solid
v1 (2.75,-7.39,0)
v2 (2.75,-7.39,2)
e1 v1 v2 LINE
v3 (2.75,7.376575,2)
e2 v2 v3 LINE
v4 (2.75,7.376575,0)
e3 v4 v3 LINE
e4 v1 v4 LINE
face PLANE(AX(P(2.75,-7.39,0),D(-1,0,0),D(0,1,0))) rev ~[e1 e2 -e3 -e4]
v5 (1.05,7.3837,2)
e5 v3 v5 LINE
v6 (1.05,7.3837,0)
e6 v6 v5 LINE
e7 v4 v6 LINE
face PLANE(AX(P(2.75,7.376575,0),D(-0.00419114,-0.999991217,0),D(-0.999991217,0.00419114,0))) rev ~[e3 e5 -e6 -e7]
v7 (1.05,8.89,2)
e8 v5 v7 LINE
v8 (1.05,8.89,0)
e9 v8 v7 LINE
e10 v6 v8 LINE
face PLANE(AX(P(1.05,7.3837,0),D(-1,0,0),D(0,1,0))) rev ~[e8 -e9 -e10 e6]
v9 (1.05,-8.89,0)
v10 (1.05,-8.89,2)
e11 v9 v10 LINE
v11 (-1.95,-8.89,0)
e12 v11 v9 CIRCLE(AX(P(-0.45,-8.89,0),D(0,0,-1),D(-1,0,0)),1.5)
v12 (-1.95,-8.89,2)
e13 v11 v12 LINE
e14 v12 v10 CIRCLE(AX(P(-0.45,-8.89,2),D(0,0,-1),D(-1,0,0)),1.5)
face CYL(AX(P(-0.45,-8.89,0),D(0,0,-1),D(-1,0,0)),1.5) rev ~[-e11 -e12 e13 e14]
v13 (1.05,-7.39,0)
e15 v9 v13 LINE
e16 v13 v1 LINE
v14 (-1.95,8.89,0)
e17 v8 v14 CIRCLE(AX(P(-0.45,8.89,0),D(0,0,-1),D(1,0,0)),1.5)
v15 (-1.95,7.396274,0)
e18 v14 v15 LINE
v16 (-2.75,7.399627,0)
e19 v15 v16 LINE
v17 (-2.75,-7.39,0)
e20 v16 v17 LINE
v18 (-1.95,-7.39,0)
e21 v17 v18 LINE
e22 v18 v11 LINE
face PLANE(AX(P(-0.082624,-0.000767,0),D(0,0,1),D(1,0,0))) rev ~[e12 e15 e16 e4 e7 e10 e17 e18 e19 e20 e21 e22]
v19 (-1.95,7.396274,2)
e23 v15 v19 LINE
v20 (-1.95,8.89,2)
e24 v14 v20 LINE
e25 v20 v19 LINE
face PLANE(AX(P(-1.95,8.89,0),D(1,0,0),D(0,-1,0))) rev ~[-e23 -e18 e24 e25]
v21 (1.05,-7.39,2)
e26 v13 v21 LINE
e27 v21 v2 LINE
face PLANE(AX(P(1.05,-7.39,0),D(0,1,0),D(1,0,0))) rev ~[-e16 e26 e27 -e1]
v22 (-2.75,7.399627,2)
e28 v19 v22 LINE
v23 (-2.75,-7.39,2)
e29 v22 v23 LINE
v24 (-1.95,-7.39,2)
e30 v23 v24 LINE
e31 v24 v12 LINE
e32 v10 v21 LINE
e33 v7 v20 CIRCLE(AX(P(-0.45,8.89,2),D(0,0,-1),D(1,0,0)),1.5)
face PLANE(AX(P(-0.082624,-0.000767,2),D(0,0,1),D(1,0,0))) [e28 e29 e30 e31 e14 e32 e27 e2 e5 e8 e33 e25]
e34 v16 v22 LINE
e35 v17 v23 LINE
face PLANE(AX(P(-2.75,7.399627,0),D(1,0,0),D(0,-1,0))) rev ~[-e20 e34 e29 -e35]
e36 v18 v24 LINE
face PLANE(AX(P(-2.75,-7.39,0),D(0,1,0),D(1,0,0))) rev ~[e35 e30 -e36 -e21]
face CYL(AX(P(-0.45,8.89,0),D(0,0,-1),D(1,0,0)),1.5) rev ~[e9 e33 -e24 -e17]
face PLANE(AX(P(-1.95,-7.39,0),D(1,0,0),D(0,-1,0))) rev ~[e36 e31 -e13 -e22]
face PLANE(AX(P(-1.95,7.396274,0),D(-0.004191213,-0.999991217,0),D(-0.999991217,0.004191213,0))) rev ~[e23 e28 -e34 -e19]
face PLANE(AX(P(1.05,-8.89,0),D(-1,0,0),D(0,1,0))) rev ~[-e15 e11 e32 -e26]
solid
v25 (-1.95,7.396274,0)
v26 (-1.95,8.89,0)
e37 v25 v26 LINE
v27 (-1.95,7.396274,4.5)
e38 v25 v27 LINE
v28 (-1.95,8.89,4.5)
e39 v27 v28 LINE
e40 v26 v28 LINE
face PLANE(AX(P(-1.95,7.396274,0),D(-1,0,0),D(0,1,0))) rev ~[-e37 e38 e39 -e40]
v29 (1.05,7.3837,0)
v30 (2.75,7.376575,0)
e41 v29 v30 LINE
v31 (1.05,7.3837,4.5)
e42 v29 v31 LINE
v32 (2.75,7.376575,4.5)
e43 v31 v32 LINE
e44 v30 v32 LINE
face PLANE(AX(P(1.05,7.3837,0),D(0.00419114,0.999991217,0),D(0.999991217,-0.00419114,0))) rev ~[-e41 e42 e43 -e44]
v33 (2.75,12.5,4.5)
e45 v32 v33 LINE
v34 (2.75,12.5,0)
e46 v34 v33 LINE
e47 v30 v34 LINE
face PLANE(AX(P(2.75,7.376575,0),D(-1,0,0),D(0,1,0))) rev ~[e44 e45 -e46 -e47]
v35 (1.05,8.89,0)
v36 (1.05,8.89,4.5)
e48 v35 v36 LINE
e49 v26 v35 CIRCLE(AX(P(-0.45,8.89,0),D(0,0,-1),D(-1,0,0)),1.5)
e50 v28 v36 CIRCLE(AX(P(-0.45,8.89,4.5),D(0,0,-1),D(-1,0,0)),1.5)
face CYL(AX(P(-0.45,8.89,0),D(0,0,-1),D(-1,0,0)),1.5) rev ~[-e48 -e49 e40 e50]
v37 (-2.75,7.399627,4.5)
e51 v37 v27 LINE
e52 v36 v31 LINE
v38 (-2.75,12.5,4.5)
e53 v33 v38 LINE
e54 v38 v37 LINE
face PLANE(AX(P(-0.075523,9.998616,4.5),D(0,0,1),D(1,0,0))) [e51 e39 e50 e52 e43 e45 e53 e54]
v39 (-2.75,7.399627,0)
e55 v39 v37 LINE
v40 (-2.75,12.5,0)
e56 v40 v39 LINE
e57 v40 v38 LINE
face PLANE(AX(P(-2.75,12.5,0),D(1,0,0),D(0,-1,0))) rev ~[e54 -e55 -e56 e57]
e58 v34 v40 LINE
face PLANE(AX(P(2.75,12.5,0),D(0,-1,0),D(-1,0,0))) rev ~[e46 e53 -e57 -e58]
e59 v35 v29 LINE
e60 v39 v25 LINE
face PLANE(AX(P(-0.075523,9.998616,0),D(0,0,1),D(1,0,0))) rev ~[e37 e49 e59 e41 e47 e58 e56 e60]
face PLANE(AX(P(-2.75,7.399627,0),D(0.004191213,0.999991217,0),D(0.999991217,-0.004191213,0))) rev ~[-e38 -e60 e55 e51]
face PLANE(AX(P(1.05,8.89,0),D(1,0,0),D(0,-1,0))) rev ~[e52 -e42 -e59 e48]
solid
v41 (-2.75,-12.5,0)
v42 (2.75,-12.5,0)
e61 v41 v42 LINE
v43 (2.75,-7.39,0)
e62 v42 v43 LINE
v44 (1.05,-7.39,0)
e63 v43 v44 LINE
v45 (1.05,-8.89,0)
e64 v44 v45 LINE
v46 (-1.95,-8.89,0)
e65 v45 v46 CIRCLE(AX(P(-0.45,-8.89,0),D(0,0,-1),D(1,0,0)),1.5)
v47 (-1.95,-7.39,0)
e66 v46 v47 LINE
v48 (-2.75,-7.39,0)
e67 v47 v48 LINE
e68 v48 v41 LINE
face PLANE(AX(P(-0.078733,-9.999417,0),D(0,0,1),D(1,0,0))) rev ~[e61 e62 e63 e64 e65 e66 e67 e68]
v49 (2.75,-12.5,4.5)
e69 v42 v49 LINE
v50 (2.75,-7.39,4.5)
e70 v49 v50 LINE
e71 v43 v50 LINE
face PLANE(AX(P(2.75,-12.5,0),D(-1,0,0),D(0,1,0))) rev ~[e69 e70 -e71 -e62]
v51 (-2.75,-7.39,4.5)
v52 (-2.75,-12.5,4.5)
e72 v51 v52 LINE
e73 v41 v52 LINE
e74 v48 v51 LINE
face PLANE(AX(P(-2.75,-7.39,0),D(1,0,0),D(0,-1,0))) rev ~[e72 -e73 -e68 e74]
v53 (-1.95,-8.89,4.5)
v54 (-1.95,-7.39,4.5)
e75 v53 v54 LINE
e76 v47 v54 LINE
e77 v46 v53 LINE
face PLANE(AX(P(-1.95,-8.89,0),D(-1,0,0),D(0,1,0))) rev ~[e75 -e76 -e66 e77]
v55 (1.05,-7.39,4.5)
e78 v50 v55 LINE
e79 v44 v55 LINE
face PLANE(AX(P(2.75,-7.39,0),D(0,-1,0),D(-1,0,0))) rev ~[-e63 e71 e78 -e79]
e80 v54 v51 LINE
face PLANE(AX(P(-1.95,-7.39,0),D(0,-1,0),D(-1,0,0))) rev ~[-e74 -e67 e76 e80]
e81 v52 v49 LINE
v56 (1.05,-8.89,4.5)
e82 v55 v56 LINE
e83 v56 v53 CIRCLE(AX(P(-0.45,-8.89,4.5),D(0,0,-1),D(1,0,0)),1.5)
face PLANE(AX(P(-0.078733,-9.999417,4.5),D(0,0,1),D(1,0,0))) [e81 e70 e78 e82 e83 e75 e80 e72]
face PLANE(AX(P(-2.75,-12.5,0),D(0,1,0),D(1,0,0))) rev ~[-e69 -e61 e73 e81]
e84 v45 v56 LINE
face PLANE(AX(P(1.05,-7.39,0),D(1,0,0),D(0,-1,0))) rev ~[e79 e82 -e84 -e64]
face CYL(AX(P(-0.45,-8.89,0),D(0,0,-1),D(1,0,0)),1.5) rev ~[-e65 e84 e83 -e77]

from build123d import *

# Parameters (mm, degrees)
F1_DEPTH = 4.5
F2_DEPTH = 2


with BuildPart() as f1:
    # F0 (on Top) → F1 (new body)
    with BuildSketch(Plane.XY):
        with BuildLine():
            Line((-2.75, -12.5), (2.75, -12.5))
            Line((2.75, -12.5), (2.75, -7.39))
            Line((2.75, -7.39), (1.05, -7.39))
            Line((1.05, -7.39), (1.05, -8.89))
            ThreePointArc((1.05, -8.89), (-0.45, -10.39), (-1.95, -8.89))
            Line((-1.95, -8.89), (-1.95, -7.39))
            Line((-1.95, -7.39), (-2.75, -7.39))
            Line((-2.75, -7.39), (-2.75, -12.5))
        make_face()
        with BuildLine():
            Line((1.05, 7.3837), (2.75, 7.376575))
            Line((2.75, 7.376575), (2.75, 12.5))
            Line((2.75, 12.5), (-2.75, 12.5))
            Line((-2.75, 12.5), (-2.75, 7.399627))
            Line((-2.75, 7.399627), (-1.95, 7.396274))
            Line((-1.95, 7.396274), (-1.95, 8.89))
            ThreePointArc((-1.95, 8.89), (-0.45, 10.39), (1.05, 8.89))
            Line((1.05, 8.89), (1.05, 7.3837))
        make_face()
    extrude(amount=F1_DEPTH)


with BuildPart() as f2:
    # F0 (on Top) → F2 (new body)
    with BuildSketch(Plane.XY):
        with BuildLine():
            Line((1.05, -7.39), (2.75, -7.39))
            Line((2.75, -7.39), (2.75, 7.376575))
            Line((2.75, 7.376575), (1.05, 7.3837))
            Line((1.05, 7.3837), (1.05, 8.89))
            ThreePointArc((1.05, 8.89), (-0.45, 7.39), (-1.95, 8.89))
            Line((-1.95, 8.89), (-1.95, 7.396274))
            Line((-1.95, 7.396274), (-2.75, 7.399627))
            Line((-2.75, 7.399627), (-2.75, -7.39))
            Line((-2.75, -7.39), (-1.95, -7.39))
            Line((-1.95, -7.39), (-1.95, -8.89))
            ThreePointArc((-1.95, -8.89), (-0.45, -7.39), (1.05, -8.89))
            Line((1.05, -8.89), (1.05, -7.39))
        make_face()
    extrude(amount=F2_DEPTH)


solid = Compound([f1.part, f2.part])
